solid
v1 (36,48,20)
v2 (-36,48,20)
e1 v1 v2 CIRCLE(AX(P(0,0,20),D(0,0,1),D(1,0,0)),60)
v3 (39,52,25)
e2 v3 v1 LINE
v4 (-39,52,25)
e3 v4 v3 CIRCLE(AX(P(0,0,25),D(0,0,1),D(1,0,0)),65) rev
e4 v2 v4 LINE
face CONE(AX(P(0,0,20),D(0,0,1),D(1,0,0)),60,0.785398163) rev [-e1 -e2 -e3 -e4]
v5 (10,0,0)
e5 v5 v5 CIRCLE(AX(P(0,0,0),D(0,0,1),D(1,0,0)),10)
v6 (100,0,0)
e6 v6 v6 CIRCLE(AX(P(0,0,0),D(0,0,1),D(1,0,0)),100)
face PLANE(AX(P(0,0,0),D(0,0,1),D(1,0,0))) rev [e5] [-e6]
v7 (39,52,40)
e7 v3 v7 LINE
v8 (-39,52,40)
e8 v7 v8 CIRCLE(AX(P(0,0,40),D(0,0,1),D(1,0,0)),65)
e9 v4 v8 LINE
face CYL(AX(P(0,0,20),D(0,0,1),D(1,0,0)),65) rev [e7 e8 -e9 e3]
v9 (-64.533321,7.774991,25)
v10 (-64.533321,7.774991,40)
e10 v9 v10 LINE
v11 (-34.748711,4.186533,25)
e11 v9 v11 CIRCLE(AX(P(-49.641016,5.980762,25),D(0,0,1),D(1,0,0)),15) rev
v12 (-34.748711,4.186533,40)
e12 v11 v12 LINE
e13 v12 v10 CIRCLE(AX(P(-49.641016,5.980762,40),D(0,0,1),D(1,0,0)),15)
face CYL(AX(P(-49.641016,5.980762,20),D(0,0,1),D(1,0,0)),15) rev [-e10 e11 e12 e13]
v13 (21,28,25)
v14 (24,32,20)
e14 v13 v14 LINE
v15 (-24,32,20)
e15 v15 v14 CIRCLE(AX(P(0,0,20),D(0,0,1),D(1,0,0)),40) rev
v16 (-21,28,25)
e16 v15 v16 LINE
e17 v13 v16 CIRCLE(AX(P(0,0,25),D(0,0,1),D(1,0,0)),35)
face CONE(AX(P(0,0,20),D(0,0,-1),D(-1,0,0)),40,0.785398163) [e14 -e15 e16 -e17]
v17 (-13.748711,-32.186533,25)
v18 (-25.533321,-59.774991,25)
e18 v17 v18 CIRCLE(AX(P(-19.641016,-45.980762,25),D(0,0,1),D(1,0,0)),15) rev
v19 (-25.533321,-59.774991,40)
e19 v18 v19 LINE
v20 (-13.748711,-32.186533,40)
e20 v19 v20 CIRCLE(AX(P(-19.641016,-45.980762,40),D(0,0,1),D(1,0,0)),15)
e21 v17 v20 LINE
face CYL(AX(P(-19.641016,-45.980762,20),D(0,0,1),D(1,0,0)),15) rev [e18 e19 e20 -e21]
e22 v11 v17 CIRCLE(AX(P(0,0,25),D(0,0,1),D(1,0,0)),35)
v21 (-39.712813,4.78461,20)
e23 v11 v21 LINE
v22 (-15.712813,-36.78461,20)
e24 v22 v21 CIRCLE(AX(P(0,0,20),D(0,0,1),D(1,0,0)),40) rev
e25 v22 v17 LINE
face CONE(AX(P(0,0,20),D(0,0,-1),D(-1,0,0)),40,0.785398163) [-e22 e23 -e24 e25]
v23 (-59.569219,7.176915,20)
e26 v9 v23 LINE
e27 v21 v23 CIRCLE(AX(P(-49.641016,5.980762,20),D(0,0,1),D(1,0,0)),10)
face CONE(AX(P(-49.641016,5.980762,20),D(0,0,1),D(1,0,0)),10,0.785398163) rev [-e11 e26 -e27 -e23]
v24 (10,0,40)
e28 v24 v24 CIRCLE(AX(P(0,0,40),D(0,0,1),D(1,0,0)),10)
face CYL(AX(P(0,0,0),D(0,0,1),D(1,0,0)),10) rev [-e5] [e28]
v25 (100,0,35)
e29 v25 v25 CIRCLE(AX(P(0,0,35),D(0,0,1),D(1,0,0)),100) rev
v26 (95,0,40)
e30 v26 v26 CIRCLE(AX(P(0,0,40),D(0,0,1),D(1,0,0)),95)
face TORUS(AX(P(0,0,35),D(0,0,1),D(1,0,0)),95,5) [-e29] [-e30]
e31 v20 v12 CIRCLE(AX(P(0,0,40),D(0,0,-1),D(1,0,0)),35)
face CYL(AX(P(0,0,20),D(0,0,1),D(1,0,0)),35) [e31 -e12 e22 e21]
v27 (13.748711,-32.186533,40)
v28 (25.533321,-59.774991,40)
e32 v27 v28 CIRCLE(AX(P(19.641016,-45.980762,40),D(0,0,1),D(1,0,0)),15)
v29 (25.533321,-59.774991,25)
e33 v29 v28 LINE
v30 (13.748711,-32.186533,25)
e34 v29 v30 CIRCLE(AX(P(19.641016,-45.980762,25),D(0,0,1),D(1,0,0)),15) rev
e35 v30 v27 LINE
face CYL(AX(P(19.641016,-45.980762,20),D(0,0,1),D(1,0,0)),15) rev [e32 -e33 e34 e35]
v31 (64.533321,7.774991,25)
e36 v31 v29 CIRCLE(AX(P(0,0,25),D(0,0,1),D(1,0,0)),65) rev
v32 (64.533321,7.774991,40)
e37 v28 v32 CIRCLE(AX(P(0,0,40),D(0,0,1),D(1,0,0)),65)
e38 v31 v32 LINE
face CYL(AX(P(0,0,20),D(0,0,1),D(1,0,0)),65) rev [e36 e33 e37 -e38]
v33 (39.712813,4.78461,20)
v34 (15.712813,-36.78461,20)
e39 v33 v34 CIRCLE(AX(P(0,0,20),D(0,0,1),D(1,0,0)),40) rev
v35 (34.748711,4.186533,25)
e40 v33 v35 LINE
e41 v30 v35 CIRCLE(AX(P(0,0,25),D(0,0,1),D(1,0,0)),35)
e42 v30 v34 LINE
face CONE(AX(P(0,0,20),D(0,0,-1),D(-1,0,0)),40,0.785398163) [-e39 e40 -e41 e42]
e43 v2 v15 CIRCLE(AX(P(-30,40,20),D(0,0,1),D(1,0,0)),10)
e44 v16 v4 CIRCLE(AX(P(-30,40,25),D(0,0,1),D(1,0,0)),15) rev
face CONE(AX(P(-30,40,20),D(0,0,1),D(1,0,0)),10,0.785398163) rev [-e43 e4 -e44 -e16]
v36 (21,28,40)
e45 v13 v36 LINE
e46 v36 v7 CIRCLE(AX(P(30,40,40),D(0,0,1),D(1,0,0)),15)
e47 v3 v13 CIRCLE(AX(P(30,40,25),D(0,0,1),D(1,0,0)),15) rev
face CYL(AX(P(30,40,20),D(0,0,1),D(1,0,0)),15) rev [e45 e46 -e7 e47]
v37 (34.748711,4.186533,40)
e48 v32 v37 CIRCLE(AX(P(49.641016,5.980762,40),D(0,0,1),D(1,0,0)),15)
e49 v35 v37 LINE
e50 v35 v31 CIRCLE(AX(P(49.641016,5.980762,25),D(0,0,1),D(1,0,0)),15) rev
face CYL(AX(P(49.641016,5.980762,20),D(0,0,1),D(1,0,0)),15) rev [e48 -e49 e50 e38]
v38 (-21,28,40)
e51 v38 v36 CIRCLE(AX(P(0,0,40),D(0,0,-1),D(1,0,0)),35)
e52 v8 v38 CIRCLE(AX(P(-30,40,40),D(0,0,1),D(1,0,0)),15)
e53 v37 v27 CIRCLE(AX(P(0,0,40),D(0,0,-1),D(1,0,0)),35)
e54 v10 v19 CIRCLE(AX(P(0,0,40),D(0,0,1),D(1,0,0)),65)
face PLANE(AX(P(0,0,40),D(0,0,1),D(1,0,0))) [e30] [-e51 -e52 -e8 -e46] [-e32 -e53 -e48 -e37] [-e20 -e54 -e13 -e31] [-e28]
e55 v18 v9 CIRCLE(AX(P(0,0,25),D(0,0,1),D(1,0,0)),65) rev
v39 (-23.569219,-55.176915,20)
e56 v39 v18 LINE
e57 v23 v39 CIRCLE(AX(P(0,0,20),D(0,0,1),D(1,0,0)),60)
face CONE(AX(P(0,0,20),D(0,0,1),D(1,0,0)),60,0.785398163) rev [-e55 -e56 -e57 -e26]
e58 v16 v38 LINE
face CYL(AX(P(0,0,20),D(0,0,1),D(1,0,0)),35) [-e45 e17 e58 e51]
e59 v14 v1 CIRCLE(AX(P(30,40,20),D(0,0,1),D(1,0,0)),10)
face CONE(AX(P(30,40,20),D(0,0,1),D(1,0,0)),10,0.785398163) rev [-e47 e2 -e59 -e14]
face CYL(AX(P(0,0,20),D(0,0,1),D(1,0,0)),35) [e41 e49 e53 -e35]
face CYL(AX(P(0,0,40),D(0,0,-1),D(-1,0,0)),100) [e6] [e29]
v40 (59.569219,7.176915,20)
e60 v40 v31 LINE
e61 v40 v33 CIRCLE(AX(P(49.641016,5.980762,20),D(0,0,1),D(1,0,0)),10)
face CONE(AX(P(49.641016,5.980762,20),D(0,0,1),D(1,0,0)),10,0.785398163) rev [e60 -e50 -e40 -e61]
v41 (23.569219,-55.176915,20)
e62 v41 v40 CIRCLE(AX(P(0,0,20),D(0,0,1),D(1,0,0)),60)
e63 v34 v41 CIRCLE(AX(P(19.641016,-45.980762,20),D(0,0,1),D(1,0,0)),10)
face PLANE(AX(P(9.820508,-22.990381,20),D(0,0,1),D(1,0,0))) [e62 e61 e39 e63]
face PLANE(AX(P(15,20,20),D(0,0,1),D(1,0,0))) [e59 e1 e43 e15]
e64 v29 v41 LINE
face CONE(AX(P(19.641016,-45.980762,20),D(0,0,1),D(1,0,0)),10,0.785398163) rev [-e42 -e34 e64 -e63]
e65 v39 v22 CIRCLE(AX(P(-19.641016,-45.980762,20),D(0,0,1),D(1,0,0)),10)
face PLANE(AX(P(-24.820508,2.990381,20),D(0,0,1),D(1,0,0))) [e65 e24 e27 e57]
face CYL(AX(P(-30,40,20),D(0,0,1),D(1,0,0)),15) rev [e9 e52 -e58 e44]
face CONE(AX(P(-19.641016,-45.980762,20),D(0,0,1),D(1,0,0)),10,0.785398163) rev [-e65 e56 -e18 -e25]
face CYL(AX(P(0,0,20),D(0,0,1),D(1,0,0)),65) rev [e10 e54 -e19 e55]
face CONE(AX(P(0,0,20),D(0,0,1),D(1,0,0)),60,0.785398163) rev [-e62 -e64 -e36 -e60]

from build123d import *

# Parameters (mm, degrees)
SKETCH1_R           = 100
BOSS_EXTRUDE1_DEPTH = 40
CUT_EXTRUDE2_DEPTH  = 20
FILLET1_R           = 5
CHAMFER1_SIZE       = 5
SKETCH6_R           = 10
CUT_EXTRUDE3_DEPTH  = 147.969384635


with BuildPart() as part:
    # Sketch1 → Boss-Extrude1 (new body)
    with BuildSketch(Plane.XY):
        Circle(SKETCH1_R)
    extrude(amount=BOSS_EXTRUDE1_DEPTH)

    # Sketch5 → Cut-Extrude2 (cut)
    with BuildSketch(Plane.XY.offset(40)):
        with BuildLine():
            ThreePointArc((39, 52), (0, 65), (-39, 52))
            ThreePointArc((-39, 52), (-42, 31), (-21, 28))
            ThreePointArc((-21, 28), (0, 35), (21, 28))
            ThreePointArc((21, 28), (42, 31), (39, 52))
        make_face()
        with BuildLine():
            ThreePointArc((25.533320997, -59.774990748), (56.291651246, -32.5), (64.533320997, 7.774990748))
            ThreePointArc((64.533320997, 7.774990748), (47.846787517, 20.873066959), (34.748711306, 4.186533479))
            ThreePointArc((34.748711306, 4.186533479), (30.310889132, -17.5), (13.748711306, -32.186533479))
            ThreePointArc((13.748711306, -32.186533479), (5.846787517, -51.873066959), (25.533320997, -59.774990748))
        make_face()
        with BuildLine():
            ThreePointArc((-64.533320997, 7.774990748), (-56.291651246, -32.5), (-25.533320997, -59.774990748))
            ThreePointArc((-25.533320997, -59.774990748), (-5.846787517, -51.873066959), (-13.748711306, -32.186533479))
            ThreePointArc((-13.748711306, -32.186533479), (-30.310889132, -17.5), (-34.748711306, 4.186533479))
            ThreePointArc((-34.748711306, 4.186533479), (-47.846787517, 20.873066959), (-64.533320997, 7.774990748))
        make_face()
    extrude(amount=-CUT_EXTRUDE2_DEPTH, mode=Mode.SUBTRACT)

    # Fillet1
    fillet1_edges = [part.edges().sort_by_distance(p)[0] for p in [
        (-100, 0, 40),
    ]]
    fillet(fillet1_edges, radius=FILLET1_R)

    # Chamfer1
    chamfer1_edges = [part.edges().sort_by_distance(p)[0] for p in [
        (42, 31, 20),
        (0, 35, 20),
        (-42, 31, 20),
        (0, 65, 20),
        (5.846787517, -51.873066959, 20),
        (30.310889132, -17.5, 20),
        (47.846787517, 20.873066959, 20),
        (56.291651246, -32.5, 20),
        (-47.846787517, 20.873066959, 20),
        (-30.310889132, -17.5, 20),
        (-5.846787517, -51.873066959, 20),
        (-56.291651246, -32.5, 20),
    ]]
    chamfer(chamfer1_edges, length=CHAMFER1_SIZE)

    # Sketch6 → Cut-Extrude3 (cut, through all)
    with BuildSketch(Plane.XY.offset(40)):
        Circle(SKETCH6_R)
    extrude(amount=-CUT_EXTRUDE3_DEPTH, mode=Mode.SUBTRACT)


solid = part.part
